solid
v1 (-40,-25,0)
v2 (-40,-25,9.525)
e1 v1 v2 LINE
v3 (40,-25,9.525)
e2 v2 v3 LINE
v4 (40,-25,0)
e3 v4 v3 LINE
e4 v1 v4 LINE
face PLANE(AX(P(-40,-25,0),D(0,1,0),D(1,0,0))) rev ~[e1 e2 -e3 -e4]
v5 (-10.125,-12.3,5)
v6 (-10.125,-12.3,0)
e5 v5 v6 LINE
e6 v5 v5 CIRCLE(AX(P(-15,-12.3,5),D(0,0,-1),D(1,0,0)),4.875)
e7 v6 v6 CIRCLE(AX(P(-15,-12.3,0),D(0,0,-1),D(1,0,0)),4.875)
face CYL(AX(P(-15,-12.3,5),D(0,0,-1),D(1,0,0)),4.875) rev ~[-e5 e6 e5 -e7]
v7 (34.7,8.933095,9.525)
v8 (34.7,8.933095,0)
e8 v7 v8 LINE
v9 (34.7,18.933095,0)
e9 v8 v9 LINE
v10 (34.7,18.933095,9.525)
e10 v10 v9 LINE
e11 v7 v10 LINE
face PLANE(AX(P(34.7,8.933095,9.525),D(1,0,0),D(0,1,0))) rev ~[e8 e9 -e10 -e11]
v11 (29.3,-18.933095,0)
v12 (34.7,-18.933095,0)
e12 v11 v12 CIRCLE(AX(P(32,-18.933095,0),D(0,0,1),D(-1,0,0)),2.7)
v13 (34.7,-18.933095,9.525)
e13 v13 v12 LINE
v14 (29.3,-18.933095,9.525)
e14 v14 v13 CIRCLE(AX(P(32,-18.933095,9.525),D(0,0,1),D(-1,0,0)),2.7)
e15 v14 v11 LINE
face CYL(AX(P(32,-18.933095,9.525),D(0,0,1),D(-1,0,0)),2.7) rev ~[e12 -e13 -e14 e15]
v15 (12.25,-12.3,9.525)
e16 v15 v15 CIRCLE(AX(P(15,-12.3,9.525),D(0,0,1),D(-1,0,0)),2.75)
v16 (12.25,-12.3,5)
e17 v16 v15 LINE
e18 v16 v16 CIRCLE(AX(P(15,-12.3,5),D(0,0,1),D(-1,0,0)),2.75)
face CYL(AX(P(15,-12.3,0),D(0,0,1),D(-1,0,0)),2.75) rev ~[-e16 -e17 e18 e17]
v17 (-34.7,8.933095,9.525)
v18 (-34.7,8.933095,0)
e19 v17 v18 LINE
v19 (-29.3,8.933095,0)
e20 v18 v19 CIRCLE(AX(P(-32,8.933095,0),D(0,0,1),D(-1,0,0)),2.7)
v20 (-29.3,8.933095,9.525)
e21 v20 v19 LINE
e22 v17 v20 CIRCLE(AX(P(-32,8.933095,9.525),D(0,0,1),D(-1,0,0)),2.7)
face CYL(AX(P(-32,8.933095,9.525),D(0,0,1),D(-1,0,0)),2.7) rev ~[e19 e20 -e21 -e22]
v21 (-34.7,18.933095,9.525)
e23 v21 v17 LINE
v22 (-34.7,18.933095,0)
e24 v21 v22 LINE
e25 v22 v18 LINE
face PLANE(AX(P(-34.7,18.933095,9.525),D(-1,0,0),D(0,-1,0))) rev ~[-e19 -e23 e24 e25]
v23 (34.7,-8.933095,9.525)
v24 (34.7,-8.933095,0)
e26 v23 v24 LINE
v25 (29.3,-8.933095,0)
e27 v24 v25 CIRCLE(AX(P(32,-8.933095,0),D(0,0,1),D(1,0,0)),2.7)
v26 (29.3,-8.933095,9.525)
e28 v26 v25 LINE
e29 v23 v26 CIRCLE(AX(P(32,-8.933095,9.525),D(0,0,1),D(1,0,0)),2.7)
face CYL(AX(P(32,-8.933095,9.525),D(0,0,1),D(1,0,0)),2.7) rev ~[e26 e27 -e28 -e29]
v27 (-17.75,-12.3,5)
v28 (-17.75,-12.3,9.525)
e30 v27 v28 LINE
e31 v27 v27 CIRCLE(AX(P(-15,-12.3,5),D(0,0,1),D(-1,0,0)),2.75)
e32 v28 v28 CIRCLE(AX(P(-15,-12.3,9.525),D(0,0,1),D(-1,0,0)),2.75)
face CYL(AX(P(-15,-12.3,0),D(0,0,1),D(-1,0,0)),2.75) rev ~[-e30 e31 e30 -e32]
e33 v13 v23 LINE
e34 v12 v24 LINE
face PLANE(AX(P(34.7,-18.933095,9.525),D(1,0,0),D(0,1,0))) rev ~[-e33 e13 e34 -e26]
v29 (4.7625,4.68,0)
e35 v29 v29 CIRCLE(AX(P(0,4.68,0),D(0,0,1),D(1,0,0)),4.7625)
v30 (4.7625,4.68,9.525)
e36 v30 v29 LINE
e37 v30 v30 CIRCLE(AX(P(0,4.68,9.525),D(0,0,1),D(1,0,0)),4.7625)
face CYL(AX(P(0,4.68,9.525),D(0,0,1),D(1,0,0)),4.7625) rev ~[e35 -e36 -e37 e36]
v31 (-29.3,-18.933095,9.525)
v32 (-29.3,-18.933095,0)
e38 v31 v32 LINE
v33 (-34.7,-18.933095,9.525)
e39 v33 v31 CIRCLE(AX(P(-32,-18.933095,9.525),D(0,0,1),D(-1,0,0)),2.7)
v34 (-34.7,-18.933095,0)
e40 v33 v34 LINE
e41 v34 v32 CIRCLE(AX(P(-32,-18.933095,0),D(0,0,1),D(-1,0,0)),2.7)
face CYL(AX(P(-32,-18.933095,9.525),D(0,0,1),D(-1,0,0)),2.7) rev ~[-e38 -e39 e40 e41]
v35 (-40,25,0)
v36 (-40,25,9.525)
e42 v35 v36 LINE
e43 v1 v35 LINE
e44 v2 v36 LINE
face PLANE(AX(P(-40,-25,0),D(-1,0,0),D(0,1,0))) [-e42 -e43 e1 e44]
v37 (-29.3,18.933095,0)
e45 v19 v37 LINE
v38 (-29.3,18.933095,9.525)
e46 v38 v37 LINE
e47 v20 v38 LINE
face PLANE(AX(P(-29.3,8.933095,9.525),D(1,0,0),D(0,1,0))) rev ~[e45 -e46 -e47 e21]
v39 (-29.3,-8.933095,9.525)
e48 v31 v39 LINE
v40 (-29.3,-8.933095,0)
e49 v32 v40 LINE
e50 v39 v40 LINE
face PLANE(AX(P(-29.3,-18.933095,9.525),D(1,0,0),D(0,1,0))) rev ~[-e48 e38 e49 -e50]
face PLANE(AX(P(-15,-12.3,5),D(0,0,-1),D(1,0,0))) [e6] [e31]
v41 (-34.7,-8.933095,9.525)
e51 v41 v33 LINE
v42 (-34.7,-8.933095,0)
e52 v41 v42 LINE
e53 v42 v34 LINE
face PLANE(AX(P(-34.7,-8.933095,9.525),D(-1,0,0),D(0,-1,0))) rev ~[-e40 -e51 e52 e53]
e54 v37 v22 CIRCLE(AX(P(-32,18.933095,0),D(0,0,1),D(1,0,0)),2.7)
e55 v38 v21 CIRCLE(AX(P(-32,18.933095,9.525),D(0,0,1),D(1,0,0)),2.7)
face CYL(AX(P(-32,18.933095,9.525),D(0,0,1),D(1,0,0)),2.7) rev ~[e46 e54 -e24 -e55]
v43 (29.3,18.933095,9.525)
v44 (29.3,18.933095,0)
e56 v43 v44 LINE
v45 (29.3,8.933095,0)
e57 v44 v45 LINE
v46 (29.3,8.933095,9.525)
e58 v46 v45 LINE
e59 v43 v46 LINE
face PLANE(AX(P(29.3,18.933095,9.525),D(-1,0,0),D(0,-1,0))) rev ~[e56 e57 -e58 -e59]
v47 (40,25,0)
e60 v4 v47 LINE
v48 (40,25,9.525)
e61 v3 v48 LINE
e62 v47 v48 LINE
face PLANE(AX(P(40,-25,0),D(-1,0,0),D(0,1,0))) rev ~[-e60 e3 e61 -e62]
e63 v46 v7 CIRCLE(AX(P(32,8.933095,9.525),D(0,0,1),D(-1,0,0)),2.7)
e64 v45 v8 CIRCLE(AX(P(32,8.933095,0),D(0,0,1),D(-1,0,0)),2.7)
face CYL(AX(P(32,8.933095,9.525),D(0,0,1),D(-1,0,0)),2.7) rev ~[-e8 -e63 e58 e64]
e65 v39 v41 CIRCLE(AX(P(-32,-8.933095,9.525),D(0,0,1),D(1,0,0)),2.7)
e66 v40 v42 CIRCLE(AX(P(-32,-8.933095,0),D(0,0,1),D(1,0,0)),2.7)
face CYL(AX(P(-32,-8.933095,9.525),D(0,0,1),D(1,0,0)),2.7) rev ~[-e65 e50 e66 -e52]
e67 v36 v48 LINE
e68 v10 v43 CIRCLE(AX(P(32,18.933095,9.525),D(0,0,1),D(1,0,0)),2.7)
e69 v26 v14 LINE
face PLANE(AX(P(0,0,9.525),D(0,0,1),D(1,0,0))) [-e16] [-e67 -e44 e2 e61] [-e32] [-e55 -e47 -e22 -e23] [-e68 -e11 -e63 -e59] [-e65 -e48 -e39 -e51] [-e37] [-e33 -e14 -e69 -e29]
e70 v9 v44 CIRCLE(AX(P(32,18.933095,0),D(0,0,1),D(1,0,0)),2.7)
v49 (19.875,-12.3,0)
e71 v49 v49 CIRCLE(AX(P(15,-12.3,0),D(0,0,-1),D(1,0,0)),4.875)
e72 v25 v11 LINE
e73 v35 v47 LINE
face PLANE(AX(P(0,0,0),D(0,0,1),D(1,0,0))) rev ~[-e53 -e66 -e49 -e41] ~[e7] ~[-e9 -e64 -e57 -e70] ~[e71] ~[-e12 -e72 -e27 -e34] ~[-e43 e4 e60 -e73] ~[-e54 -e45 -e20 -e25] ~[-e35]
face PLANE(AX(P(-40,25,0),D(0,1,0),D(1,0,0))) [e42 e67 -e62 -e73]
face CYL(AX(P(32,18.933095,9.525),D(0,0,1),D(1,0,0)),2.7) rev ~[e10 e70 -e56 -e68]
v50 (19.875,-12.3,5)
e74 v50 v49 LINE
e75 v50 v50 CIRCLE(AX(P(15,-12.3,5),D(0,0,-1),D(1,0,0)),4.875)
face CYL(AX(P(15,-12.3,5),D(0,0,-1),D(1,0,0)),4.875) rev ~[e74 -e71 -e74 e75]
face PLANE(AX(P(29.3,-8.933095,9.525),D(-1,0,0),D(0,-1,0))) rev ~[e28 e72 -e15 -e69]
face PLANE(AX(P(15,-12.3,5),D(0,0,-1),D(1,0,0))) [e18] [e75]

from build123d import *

# Parameters (mm, degrees)
F0_W           = 80
F0_H           = 50
F1_DEPTH       = 9.525
F4_DEPTH       = 25
F5_R           = 4.7625
F6_DEPTH       = 9.526
F7_D           = 5.5
F7_CBORE_D     = 9.75
F7_CBORE_DEPTH = 5


with BuildPart() as f1:
    # F0 (on Top) → F1 (new body)
    with BuildSketch(Plane.XY):
        Rectangle(F0_W, F0_H)
    extrude(amount=F1_DEPTH)

    # F3 (on face) → F4 (cut)
    with BuildSketch(Plane.XY.offset(9.525)):
        with BuildLine():
            ThreePointArc((-29.3, 18.9330952615), (-32, 21.6330952615), (-34.7, 18.9330952615))
            Line((-34.7, 18.9330952615), (-34.7, 8.9330952615))
            ThreePointArc((-34.7, 8.9330952615), (-32, 6.2330952615), (-29.3, 8.9330952615))
            Line((-29.3, 8.9330952615), (-29.3, 18.9330952615))
        make_face()
        with BuildLine():
            ThreePointArc((-34.7, -18.9330952615), (-32, -21.6330952615), (-29.3, -18.9330952615))
            Line((-29.3, -18.9330952615), (-29.3, -8.9330952615))
            ThreePointArc((-29.3, -8.9330952615), (-32, -6.2330952615), (-34.7, -8.9330952615))
            Line((-34.7, -8.9330952615), (-34.7, -18.9330952615))
        make_face()
        with BuildLine():
            ThreePointArc((29.3, -18.9330952615), (32, -21.6330952615), (34.7, -18.9330952615))
            Line((34.7, -18.9330952615), (34.7, -8.9330952615))
            ThreePointArc((34.7, -8.9330952615), (32, -6.2330952615), (29.3, -8.9330952615))
            Line((29.3, -8.9330952615), (29.3, -18.9330952615))
        make_face()
        with BuildLine():
            ThreePointArc((34.7, 18.9330952615), (32, 21.6330952615), (29.3, 18.9330952615))
            Line((29.3, 18.9330952615), (29.3, 8.9330952615))
            ThreePointArc((29.3, 8.9330952615), (32, 6.2330952615), (34.7, 8.9330952615))
            Line((34.7, 8.9330952615), (34.7, 18.9330952615))
        make_face()
    extrude(amount=-F4_DEPTH, mode=Mode.SUBTRACT)

    # F5 (on face) → F6 (cut, through all)
    with BuildSketch(Plane.XY.offset(9.525)):
        with Locations((0, 4.68)):
            Circle(F5_R)
    extrude(amount=-F6_DEPTH, mode=Mode.SUBTRACT)

    # F7 (through all)
    with Locations(Plane(origin=(0, 0, 0), x_dir=(1, 0, 0), z_dir=(0, 0, -1))):
        with Locations((-15, 12.3), (15, 12.3)):
            CounterBoreHole(F7_D / 2, F7_CBORE_D / 2, F7_CBORE_DEPTH)


solid = f1.part
